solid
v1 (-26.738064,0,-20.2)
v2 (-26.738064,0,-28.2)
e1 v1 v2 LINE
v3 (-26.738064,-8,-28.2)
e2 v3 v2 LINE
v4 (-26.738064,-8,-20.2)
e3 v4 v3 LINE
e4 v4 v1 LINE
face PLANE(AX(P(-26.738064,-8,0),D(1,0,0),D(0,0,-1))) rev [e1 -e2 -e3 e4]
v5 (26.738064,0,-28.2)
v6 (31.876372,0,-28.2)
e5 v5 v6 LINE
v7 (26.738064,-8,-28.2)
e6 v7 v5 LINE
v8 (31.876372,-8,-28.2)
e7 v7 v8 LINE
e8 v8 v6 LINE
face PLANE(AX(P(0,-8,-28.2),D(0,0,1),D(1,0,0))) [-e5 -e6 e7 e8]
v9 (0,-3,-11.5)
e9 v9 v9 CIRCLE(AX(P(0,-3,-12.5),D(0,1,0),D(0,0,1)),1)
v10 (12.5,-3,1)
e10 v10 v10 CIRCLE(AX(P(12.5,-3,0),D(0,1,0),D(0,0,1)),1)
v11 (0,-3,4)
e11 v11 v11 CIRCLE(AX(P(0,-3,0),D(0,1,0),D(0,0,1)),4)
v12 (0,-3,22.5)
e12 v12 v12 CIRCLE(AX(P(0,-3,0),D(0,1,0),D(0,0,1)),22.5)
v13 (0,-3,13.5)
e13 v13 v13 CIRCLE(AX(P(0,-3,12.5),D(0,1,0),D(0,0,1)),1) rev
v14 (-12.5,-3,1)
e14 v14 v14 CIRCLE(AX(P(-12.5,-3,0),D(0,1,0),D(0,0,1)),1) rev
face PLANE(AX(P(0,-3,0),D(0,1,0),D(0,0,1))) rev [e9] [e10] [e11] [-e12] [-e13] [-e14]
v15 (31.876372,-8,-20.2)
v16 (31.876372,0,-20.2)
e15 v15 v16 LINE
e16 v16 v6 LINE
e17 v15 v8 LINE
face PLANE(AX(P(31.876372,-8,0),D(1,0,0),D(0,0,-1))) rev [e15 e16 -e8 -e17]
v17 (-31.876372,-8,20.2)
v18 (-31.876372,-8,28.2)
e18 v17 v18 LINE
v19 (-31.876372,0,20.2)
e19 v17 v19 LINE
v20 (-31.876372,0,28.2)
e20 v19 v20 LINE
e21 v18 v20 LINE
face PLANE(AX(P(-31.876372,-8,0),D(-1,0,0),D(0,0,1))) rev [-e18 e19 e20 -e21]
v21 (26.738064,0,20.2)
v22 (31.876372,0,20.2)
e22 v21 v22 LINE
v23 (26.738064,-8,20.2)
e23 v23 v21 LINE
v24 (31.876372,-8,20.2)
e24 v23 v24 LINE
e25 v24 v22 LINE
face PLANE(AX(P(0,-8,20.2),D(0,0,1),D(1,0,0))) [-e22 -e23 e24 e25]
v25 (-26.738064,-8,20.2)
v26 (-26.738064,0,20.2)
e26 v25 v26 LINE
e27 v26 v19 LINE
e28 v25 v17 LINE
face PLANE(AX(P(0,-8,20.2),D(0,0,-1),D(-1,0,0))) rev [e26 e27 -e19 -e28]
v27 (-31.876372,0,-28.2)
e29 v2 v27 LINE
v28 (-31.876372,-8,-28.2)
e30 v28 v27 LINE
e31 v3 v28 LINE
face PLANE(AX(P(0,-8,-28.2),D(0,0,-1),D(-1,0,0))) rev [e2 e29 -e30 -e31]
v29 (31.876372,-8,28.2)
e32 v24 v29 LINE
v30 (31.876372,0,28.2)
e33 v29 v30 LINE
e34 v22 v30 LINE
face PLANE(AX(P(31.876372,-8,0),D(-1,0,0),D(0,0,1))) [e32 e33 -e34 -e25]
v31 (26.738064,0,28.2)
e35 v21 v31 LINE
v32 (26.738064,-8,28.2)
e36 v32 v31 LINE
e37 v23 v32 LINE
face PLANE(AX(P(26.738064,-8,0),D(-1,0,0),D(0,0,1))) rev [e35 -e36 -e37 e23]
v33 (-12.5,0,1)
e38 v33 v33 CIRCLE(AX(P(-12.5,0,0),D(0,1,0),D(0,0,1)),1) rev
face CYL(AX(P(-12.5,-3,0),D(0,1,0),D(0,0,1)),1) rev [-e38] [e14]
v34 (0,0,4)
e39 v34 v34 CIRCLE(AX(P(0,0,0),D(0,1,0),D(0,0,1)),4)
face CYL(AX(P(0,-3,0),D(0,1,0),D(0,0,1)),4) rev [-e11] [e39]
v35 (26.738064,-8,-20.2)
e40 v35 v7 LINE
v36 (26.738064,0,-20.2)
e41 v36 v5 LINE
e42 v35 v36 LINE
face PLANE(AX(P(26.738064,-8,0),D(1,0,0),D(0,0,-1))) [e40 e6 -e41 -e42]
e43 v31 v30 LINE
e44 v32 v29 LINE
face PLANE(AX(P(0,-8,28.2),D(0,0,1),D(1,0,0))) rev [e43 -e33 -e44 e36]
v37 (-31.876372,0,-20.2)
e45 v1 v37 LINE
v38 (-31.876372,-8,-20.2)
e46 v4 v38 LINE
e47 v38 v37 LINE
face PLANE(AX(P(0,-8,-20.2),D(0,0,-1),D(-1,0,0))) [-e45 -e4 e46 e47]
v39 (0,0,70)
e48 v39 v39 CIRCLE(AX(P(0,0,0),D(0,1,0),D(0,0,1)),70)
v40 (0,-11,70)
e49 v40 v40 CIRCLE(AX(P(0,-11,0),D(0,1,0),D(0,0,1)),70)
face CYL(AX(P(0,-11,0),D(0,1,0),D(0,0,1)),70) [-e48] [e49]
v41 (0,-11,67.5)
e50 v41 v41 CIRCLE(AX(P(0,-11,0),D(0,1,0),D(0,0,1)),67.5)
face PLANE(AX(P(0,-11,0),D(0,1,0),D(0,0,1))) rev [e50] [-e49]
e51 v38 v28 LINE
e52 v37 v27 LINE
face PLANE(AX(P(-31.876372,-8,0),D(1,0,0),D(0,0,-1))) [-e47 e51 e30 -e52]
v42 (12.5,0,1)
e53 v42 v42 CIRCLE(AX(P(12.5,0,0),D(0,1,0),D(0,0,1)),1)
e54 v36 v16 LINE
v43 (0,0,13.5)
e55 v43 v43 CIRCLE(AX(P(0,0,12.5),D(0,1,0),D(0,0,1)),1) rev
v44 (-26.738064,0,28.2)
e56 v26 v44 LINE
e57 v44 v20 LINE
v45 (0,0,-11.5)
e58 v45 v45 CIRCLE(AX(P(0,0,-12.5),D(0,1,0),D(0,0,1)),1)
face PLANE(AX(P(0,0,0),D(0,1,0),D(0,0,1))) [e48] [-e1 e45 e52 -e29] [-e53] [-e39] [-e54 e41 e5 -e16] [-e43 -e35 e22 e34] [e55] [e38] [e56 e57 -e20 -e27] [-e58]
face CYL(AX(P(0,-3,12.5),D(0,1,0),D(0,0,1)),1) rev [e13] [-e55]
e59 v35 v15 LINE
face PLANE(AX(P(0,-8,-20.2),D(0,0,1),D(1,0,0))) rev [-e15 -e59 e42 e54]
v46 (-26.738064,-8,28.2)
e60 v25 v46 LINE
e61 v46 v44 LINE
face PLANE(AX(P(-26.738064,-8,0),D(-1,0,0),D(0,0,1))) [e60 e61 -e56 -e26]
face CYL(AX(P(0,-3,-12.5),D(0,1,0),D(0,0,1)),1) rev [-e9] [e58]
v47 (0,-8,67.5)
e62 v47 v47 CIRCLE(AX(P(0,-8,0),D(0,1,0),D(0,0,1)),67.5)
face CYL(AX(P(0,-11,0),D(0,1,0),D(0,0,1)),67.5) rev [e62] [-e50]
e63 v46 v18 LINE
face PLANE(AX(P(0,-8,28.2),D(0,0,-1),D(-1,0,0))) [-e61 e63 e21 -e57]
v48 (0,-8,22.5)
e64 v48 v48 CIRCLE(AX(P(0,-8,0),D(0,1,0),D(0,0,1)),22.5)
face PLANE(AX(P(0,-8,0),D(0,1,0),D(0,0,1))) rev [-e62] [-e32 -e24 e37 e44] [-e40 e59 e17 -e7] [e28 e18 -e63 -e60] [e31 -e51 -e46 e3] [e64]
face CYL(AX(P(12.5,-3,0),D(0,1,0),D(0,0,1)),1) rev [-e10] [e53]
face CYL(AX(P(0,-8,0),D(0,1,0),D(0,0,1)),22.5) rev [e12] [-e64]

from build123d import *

# Parameters (mm, degrees)
SKETCH1_R            = 22.5
SKETCH1_R_2          = 1
SKETCH1_R_3          = 4
BOSS_EXTRUDE7_DEPTH  = 3
SKETCH1_15_R         = 67.5
SKETCH1_15_W         = 5.138307475
SKETCH1_15_H         = 8
SKETCH1_15_R_2       = 22.5
BOSS_EXTRUDE8_DEPTH  = 8
SKETCH1_20_R         = 70
SKETCH1_20_R_2       = 67.5
BOSS_EXTRUDE10_DEPTH = 11


with BuildPart() as part:
    # Sketch1 → Boss-Extrude7 (new body)
    with BuildSketch(Plane(origin=(0, 0, 0), x_dir=(1, 0, 0), z_dir=(0, 1, 0))):
        Circle(SKETCH1_R)
        with Locations((0, -12.5)):
            Circle(SKETCH1_R_2, mode=Mode.SUBTRACT)
        with Locations((-12.5, 0)):
            Circle(SKETCH1_R_2, mode=Mode.SUBTRACT)
        Circle(SKETCH1_R_3, mode=Mode.SUBTRACT)
        with Locations((12.5, 0)):
            Circle(SKETCH1_R_2, mode=Mode.SUBTRACT)
        with Locations((0, 12.5)):
            Circle(SKETCH1_R_2, mode=Mode.SUBTRACT)
    extrude(amount=-BOSS_EXTRUDE7_DEPTH)

    # Sketch1<15> → Boss-Extrude8 (add)
    with BuildSketch(Plane(origin=(0, 0, 0), x_dir=(1, 0, 0), z_dir=(0, 1, 0))):
        Circle(SKETCH1_15_R)
        with Locations((-29.307217935, -24.2)):
            Rectangle(SKETCH1_15_W, SKETCH1_15_H, mode=Mode.SUBTRACT)
        with Locations((29.307217935, -24.2)):
            Rectangle(SKETCH1_15_W, SKETCH1_15_H, mode=Mode.SUBTRACT)
        with Locations((-29.307217935, 24.2)):
            Rectangle(SKETCH1_15_W, SKETCH1_15_H, mode=Mode.SUBTRACT)
        Circle(SKETCH1_15_R_2, mode=Mode.SUBTRACT)
        with Locations((29.307217935, 24.2)):
            Rectangle(SKETCH1_15_W, SKETCH1_15_H, mode=Mode.SUBTRACT)
    extrude(amount=-BOSS_EXTRUDE8_DEPTH)

    # Sketch1<20> → Boss-Extrude10 (add)
    with BuildSketch(Plane(origin=(0, 0, 0), x_dir=(1, 0, 0), z_dir=(0, 1, 0))):
        Circle(SKETCH1_20_R)
        Circle(SKETCH1_20_R_2, mode=Mode.SUBTRACT)
    extrude(amount=-BOSS_EXTRUDE10_DEPTH)


solid = part.part
